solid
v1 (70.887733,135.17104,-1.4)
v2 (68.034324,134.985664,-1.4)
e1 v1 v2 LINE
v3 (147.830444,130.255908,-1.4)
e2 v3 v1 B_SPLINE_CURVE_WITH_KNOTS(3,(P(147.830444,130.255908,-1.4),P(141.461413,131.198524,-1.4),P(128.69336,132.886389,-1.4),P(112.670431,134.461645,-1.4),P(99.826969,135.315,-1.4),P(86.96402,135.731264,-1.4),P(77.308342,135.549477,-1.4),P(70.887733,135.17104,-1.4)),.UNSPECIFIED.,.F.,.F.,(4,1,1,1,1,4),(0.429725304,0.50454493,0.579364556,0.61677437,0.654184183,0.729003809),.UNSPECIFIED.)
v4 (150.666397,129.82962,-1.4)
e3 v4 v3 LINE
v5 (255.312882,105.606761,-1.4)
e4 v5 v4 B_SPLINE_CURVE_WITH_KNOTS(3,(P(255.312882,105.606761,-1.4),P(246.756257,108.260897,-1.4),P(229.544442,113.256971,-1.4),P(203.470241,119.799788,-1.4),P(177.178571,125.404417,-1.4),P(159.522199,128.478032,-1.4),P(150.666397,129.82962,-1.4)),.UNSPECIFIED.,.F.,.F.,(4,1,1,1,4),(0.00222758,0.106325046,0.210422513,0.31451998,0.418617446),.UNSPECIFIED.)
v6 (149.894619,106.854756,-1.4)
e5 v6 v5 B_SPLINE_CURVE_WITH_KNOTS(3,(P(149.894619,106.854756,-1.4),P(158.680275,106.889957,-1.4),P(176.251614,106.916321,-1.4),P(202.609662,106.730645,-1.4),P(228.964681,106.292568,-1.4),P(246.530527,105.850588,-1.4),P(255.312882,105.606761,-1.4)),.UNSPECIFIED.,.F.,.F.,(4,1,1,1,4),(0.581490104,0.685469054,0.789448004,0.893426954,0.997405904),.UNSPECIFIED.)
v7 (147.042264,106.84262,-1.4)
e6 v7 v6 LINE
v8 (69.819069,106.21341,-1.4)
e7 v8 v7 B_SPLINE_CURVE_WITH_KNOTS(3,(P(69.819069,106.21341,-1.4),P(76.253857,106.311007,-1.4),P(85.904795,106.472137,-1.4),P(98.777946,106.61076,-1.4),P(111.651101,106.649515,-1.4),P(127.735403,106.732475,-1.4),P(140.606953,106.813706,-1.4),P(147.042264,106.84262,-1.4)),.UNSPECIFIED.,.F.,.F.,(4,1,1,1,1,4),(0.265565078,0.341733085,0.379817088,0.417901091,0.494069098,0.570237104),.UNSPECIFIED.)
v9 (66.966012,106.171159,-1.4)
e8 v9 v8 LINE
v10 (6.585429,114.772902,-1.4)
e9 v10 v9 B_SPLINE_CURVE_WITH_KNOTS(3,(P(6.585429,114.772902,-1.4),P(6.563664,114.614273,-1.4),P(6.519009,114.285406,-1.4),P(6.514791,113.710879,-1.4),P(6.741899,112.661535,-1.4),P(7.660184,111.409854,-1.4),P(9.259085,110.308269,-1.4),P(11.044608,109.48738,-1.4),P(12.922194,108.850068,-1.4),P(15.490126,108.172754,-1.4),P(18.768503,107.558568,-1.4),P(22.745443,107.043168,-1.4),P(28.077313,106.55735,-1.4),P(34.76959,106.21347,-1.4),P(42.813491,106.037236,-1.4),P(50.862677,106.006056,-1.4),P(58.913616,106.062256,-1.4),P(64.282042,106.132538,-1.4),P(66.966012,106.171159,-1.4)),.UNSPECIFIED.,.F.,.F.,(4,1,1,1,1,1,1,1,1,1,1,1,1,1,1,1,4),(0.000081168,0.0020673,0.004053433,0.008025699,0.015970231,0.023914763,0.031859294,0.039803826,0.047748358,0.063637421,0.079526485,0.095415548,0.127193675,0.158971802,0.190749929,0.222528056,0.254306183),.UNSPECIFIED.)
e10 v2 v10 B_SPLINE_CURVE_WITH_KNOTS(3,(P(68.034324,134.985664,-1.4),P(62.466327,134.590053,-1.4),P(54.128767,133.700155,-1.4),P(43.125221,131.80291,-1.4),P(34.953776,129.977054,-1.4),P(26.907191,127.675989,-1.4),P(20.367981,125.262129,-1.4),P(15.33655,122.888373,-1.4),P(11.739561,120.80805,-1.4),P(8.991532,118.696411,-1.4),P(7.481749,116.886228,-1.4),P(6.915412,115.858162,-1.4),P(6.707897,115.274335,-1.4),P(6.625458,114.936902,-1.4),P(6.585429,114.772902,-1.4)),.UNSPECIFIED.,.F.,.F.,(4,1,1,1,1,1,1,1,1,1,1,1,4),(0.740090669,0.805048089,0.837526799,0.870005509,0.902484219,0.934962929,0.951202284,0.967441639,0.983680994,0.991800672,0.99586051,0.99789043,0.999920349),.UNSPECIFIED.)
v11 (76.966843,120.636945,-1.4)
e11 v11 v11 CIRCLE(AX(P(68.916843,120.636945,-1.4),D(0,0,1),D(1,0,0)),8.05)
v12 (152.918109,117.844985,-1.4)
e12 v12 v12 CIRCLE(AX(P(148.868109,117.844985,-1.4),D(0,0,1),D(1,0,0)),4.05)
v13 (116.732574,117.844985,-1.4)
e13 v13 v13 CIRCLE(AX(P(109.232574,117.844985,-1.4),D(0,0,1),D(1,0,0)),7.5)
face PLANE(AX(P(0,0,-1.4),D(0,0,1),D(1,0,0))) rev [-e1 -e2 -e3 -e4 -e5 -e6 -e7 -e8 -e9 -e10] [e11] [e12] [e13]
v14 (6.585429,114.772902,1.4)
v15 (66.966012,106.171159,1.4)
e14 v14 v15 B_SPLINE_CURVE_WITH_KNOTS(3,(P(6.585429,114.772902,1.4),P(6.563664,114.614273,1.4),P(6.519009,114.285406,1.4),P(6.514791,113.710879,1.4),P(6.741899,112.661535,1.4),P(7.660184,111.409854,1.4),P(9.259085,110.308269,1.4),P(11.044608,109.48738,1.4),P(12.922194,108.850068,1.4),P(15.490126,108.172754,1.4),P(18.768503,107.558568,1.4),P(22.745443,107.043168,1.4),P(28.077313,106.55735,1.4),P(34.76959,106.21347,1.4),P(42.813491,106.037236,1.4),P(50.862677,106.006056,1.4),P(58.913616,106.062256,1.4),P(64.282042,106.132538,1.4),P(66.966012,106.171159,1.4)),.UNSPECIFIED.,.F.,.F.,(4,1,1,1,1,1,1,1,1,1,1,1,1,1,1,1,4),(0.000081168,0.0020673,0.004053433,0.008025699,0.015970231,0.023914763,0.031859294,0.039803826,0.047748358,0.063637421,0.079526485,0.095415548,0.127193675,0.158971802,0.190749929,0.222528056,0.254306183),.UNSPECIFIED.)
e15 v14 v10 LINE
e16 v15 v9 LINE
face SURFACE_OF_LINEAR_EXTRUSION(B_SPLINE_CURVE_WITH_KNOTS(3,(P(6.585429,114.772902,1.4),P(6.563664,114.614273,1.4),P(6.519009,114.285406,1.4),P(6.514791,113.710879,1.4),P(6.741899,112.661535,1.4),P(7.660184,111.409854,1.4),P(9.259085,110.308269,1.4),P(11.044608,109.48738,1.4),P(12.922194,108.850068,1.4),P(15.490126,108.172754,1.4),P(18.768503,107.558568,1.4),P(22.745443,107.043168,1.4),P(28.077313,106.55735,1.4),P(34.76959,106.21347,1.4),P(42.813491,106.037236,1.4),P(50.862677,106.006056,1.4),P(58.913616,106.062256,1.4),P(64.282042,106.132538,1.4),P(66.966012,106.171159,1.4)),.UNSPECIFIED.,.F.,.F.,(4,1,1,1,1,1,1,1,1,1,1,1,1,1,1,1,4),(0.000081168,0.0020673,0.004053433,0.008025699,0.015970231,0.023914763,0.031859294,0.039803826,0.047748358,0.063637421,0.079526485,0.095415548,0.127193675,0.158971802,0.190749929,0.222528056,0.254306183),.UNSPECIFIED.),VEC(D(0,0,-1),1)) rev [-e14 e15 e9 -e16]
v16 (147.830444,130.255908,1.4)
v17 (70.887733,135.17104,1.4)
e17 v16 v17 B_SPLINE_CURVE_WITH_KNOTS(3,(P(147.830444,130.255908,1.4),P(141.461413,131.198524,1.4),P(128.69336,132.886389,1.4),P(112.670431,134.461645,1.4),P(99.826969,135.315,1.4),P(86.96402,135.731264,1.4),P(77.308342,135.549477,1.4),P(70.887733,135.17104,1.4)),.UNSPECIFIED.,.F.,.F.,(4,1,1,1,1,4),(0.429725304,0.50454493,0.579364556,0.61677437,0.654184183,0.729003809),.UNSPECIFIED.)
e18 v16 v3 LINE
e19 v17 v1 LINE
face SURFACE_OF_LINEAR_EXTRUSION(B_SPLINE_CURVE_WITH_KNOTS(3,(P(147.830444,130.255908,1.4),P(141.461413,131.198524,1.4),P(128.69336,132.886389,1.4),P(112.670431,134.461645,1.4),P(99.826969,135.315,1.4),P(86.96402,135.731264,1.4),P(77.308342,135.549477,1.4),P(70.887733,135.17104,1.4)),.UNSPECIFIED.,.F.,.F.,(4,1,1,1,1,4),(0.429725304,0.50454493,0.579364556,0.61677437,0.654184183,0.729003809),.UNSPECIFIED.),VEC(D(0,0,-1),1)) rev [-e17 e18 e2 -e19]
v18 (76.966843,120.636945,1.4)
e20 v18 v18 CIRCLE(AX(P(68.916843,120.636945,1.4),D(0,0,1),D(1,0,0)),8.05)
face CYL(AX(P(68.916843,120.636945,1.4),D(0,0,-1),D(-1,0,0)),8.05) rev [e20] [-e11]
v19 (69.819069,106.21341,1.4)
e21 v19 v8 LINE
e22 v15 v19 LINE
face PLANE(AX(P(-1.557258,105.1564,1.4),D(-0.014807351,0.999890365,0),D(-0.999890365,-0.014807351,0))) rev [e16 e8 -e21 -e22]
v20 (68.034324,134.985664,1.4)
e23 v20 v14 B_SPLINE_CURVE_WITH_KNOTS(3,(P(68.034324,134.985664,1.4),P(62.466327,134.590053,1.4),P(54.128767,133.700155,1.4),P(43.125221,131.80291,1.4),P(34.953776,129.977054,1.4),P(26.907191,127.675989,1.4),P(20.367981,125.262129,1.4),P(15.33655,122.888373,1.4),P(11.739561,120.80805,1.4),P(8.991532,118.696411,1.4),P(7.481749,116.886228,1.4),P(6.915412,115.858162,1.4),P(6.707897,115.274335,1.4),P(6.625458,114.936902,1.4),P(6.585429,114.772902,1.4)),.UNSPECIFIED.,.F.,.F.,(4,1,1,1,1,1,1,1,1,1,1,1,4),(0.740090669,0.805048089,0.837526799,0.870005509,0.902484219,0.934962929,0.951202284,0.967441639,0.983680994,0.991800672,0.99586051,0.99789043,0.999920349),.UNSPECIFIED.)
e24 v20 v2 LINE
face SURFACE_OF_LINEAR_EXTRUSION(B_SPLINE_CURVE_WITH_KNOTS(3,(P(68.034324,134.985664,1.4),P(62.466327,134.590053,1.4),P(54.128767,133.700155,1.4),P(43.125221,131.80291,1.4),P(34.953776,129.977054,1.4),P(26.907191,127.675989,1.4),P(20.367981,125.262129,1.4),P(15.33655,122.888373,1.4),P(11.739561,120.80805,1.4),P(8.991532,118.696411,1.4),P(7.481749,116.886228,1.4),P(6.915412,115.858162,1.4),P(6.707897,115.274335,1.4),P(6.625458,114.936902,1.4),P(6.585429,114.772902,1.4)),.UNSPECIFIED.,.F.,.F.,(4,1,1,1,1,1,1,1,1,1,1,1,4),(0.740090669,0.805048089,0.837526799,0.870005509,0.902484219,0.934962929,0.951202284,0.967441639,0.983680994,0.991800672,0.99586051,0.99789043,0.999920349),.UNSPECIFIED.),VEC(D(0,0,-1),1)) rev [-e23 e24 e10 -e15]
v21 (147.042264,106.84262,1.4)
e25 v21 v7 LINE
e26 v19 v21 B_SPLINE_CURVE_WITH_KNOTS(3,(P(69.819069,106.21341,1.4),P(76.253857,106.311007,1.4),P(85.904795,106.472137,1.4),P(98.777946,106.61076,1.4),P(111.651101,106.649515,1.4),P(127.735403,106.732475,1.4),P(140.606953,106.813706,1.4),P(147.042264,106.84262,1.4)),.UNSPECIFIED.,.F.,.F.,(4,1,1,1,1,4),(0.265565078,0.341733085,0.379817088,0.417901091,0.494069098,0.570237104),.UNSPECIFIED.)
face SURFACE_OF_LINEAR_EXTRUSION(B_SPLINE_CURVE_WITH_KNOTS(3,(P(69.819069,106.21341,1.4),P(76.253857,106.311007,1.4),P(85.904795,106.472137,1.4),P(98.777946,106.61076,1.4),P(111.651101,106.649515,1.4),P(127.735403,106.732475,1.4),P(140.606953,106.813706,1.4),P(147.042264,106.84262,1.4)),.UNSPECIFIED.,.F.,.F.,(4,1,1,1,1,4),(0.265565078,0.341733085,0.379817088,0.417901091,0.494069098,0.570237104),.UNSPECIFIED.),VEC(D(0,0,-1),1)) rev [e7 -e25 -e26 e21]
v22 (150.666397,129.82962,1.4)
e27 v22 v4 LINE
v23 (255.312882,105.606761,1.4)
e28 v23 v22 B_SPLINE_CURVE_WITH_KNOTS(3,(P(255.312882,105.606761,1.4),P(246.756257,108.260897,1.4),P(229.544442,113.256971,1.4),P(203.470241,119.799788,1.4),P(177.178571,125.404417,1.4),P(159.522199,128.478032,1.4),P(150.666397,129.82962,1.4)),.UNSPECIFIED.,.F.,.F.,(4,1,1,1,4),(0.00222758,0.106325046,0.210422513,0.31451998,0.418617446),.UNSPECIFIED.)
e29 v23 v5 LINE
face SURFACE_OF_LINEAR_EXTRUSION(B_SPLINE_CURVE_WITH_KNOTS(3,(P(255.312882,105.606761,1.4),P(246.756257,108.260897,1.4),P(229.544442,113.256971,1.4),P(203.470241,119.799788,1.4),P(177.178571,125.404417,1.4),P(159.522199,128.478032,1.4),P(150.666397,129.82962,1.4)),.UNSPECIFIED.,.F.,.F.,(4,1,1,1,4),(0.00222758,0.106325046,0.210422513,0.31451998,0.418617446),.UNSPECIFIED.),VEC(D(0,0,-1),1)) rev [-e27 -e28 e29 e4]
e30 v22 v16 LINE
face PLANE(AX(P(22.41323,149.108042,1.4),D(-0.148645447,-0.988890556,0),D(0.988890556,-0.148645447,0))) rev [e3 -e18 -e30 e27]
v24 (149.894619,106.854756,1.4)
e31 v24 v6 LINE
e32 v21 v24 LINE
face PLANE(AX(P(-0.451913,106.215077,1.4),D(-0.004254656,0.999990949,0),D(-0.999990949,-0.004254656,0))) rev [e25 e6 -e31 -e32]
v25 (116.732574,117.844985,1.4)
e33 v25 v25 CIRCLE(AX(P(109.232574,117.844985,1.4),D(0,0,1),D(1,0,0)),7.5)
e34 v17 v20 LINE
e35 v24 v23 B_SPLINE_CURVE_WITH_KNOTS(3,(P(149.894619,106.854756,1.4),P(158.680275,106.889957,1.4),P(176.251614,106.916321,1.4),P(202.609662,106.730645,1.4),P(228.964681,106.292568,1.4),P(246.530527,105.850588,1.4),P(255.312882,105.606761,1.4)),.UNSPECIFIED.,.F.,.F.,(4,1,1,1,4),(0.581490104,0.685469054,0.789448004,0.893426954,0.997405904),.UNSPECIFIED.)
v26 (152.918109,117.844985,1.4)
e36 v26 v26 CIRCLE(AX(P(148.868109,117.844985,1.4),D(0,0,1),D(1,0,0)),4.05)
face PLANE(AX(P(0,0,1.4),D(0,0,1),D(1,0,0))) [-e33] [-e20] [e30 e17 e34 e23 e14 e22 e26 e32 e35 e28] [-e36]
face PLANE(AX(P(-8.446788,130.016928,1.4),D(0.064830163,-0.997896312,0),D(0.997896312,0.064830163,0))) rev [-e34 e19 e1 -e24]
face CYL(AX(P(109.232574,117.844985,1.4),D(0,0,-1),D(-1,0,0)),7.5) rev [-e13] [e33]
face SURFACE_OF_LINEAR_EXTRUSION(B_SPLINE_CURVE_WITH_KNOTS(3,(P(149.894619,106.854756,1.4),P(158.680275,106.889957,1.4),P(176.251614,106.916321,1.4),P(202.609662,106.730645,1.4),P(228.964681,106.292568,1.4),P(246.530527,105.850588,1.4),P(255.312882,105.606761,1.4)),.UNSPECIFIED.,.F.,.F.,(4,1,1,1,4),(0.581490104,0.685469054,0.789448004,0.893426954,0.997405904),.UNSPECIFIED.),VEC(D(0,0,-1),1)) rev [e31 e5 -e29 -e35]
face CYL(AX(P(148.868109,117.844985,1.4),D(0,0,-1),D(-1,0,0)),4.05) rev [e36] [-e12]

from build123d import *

# Parameters (mm, degrees)
SKETCH_1_R      = 4.05
SKETCH_1_R_2    = 7.5
SKETCH_1_R_3    = 8.05
EXTRUDE_1_DEPTH = 1.4


with BuildPart() as part:
    # Эскиз1 → Бобышка-Вытянуть1 (new, symmetric)
    with BuildSketch(Plane.XY):
        with BuildLine():
            Line((150.666396798, 129.82962039), (147.830444309, 130.255907631))
            add(Edge.make_bspline(
                [(147.830444309, 130.255907631), (141.461413304, 131.198524366), (128.693359955, 132.886388705), (112.67043132, 134.461645249), (99.826968741, 135.315000175), (86.964020356, 135.731264376), (77.308341909, 135.549477481), (70.887732655, 135.171040436)],
                knots=[0.429725304, 0.429725304, 0.429725304, 0.429725304, 0.50454493, 0.579364556, 0.61677437, 0.654184183, 0.729003809, 0.729003809, 0.729003809, 0.729003809], degree=3))
            Line((70.887732655, 135.171040436), (68.034324351, 134.985663537))
            add(Edge.make_bspline(
                [(68.034324351, 134.985663537), (62.466327292, 134.590052619), (54.128766773, 133.70015523), (43.125220573, 131.802909904), (34.953776148, 129.977054104), (26.907191476, 127.675989274), (20.367980904, 125.262128549), (15.336549935, 122.888373263), (11.739560791, 120.808049659), (8.991532459, 118.696410574), (7.481749343, 116.886227925), (6.915411804, 115.858161553), (6.707897041, 115.274334726), (6.625457542, 114.936901915), (6.585428501, 114.77290226)],
                knots=[0.740090669, 0.740090669, 0.740090669, 0.740090669, 0.805048089, 0.837526799, 0.870005509, 0.902484219, 0.934962929, 0.951202284, 0.967441639, 0.983680994, 0.991800672, 0.99586051, 0.99789043, 0.999920349, 0.999920349, 0.999920349, 0.999920349], degree=3))
            add(Edge.make_bspline(
                [(6.585428501, 114.77290226), (6.563664146, 114.614273348), (6.519009347, 114.285406452), (6.51479073, 113.71087901), (6.741898783, 112.661535219), (7.660184293, 111.409854013), (9.25908473, 110.308268876), (11.044608157, 109.487380203), (12.922194441, 108.850067694), (15.490126457, 108.172753601), (18.768502962, 107.558568007), (22.745443376, 107.043168294), (28.077313003, 106.557350362), (34.7695904, 106.213470375), (42.813490811, 106.037235573), (50.86267748, 106.006056339), (58.913615572, 106.062256394), (64.282042193, 106.132538161), (66.96601172, 106.171159397)],
                knots=[8.1168e-05, 8.1168e-05, 8.1168e-05, 8.1168e-05, 0.0020673, 0.004053433, 0.008025699, 0.015970231, 0.023914763, 0.031859294, 0.039803826, 0.047748358, 0.063637421, 0.079526485, 0.095415548, 0.127193675, 0.158971802, 0.190749929, 0.222528056, 0.254306183, 0.254306183, 0.254306183, 0.254306183], degree=3))
            Line((66.96601172, 106.171159397), (69.819069007, 106.21341025))
            add(Edge.make_bspline(
                [(69.819069007, 106.21341025), (76.253856733, 106.311006841), (85.904794849, 106.472137373), (98.777945674, 106.610759512), (111.6511009, 106.649514986), (127.735402572, 106.732475133), (140.606952957, 106.813706415), (147.042263767, 106.84262009)],
                knots=[0.265565078, 0.265565078, 0.265565078, 0.265565078, 0.341733085, 0.379817088, 0.417901091, 0.494069098, 0.570237104, 0.570237104, 0.570237104, 0.570237104], degree=3))
            Line((147.042263767, 106.84262009), (149.894619256, 106.85475599))
            add(Edge.make_bspline(
                [(149.894619256, 106.85475599), (158.680275083, 106.889957075), (176.251614136, 106.916321205), (202.609661936, 106.730645333), (228.96468106, 106.292568252), (246.530526637, 105.8505877), (255.312881654, 105.606761115)],
                knots=[0.581490104, 0.581490104, 0.581490104, 0.581490104, 0.685469054, 0.789448004, 0.893426954, 0.997405904, 0.997405904, 0.997405904, 0.997405904], degree=3))
            add(Edge.make_bspline(
                [(255.312881654, 105.606761115), (246.756257413, 108.260896884), (229.544442337, 113.256971155), (203.470240893, 119.79978809), (177.1785709, 125.404416996), (159.522198848, 128.478032218), (150.666396798, 129.82962039)],
                knots=[0.00222758, 0.00222758, 0.00222758, 0.00222758, 0.106325046, 0.210422513, 0.31451998, 0.418617446, 0.418617446, 0.418617446, 0.418617446], degree=3))
        make_face()
        with Locations((148.868108764, 117.844985284)):
            Circle(SKETCH_1_R, mode=Mode.SUBTRACT)
        with Locations((109.232573951, 117.844985284)):
            Circle(SKETCH_1_R_2, mode=Mode.SUBTRACT)
        with Locations((68.916842603, 120.636945021)):
            Circle(SKETCH_1_R_3, mode=Mode.SUBTRACT)
    extrude(amount=EXTRUDE_1_DEPTH, both=True)


solid = part.part
